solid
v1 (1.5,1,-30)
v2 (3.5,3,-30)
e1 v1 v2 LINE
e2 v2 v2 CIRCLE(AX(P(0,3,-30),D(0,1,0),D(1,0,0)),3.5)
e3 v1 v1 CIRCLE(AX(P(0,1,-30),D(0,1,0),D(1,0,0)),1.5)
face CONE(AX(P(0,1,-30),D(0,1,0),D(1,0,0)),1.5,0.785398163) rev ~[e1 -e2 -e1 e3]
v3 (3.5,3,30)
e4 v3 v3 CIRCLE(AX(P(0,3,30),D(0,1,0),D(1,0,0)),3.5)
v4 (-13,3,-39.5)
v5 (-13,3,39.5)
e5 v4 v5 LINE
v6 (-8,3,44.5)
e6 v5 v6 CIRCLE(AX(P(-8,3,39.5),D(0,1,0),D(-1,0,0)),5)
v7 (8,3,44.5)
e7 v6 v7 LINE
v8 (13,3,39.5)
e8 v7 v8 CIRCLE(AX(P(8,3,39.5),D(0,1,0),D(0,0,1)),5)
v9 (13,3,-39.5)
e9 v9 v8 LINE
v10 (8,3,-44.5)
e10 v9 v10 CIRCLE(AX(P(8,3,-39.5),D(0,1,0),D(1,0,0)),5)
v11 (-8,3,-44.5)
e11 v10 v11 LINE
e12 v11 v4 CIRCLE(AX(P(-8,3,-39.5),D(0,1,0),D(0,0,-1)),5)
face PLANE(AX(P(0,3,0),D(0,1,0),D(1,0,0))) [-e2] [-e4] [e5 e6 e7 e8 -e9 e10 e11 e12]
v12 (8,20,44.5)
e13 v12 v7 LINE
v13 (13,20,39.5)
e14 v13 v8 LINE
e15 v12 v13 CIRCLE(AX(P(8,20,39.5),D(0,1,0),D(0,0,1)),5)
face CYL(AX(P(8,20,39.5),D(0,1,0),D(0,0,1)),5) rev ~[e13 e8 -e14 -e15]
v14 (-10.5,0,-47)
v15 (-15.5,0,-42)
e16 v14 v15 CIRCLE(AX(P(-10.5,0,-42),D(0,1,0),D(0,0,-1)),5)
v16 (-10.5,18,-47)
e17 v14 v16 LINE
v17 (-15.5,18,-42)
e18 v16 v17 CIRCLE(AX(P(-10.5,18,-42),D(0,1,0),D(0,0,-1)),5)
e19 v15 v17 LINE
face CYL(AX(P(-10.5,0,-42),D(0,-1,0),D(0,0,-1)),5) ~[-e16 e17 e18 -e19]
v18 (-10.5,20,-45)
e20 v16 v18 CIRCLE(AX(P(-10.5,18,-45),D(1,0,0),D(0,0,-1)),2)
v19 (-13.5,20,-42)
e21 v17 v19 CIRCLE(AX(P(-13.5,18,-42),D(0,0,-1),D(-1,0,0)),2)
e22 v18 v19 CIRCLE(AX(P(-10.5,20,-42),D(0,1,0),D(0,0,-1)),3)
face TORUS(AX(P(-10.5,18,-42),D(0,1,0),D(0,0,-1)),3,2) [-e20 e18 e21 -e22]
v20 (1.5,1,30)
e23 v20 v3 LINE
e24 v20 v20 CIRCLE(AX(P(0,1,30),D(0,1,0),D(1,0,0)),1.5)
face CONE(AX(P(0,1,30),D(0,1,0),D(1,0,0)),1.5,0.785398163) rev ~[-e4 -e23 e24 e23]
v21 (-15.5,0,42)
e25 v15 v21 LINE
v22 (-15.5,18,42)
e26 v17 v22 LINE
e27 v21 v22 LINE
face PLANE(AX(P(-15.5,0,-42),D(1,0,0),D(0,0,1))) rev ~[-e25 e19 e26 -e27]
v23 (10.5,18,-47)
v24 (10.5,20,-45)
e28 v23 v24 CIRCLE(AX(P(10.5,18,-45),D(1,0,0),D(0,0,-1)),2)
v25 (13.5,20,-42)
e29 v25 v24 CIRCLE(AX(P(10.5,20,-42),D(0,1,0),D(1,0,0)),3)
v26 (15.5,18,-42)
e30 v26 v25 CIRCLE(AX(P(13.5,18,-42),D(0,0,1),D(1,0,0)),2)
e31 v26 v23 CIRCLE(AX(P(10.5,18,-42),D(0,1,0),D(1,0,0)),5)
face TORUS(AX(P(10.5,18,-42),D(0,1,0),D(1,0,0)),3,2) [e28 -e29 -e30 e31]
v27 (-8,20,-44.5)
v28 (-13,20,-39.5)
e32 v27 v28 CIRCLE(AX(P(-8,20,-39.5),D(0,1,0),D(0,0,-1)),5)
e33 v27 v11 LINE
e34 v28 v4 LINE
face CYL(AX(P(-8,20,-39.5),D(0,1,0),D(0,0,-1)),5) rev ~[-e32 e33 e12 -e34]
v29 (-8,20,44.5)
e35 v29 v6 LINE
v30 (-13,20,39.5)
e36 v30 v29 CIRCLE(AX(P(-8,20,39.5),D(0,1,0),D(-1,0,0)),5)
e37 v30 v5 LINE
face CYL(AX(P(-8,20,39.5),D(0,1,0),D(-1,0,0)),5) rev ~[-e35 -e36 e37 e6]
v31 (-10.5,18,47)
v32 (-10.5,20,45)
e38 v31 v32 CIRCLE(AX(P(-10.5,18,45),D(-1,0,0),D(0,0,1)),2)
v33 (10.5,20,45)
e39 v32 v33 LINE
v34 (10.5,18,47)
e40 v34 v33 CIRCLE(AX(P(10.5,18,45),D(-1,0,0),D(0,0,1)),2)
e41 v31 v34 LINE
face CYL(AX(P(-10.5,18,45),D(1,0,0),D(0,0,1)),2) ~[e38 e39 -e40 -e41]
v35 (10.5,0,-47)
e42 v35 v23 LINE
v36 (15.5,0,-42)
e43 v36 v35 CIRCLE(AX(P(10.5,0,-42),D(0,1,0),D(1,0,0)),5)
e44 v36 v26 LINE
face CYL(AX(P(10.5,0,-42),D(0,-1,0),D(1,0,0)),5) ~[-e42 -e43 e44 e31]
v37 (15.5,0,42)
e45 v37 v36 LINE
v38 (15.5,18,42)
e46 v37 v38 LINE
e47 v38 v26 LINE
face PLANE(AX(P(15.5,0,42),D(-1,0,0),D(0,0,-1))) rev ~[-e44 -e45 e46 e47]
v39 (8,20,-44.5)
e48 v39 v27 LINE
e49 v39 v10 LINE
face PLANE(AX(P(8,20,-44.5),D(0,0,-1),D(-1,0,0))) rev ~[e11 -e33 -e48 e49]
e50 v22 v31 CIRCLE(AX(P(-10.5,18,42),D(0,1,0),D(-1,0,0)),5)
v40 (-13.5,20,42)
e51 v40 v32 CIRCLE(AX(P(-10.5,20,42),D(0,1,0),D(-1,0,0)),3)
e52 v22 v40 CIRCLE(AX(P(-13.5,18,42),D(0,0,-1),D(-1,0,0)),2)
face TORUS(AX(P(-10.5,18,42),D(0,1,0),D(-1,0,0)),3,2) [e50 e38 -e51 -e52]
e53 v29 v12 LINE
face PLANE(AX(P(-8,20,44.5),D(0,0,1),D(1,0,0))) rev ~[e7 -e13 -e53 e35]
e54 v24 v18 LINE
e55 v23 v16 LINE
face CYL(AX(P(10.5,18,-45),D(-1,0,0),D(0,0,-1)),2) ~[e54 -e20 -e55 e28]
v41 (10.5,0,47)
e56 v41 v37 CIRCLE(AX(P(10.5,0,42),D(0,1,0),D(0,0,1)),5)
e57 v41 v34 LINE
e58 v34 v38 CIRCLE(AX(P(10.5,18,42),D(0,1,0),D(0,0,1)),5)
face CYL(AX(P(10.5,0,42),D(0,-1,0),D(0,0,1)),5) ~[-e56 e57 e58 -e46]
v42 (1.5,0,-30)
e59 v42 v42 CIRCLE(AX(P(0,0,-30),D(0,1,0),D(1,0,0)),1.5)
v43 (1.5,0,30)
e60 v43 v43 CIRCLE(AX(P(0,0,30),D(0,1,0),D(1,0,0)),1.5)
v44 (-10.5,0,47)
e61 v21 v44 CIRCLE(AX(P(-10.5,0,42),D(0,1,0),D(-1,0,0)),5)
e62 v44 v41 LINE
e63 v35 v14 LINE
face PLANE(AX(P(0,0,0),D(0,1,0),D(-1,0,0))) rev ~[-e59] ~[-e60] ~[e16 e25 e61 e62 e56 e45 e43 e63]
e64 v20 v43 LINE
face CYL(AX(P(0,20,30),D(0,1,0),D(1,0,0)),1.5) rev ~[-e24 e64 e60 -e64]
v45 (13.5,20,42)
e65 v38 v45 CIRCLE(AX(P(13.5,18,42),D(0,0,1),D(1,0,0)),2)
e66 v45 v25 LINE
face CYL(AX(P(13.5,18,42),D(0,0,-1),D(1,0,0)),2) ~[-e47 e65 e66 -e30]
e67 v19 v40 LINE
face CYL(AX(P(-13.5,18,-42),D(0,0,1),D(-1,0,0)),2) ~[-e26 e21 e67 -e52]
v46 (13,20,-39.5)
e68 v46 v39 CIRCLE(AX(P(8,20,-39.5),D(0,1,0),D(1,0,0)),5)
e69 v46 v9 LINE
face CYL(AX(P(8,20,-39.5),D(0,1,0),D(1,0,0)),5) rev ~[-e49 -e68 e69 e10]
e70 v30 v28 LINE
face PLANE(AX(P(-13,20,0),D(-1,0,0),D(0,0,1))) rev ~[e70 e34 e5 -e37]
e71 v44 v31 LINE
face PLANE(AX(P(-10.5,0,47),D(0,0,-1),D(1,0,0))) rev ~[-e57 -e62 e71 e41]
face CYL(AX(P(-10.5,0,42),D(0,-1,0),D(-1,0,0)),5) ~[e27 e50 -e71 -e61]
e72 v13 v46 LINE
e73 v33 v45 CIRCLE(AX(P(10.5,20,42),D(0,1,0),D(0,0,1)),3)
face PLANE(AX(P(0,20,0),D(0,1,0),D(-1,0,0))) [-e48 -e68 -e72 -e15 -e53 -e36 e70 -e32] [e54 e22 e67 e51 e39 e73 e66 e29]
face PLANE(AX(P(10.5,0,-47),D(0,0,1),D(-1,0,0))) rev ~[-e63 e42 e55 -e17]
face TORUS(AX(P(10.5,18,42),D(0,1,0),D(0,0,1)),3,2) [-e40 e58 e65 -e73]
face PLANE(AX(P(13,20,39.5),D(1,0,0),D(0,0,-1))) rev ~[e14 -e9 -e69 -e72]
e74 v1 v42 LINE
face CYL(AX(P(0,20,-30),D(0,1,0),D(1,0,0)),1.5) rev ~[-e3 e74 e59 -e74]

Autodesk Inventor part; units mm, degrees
ref_plane "YZ Plane" through (0, 0, 0) normal (1, 0, 0) x (0, 1, 0)
ref_plane "XZ Plane" through (0, 0, 0) normal (0, 1, 0) x (-1, 0, 0)
ref_plane "XY Plane" through (0, 0, 0) normal (0, 0, 1) x (1, 0, 0)
sketch "Esquisse1" plane through (0, 0, 0) normal (0, 1, 0) x (-1, 0, 0)
  line L0 (10.5, 47) -> (-10.5, 47)
  line L1 (-15.5, 42) -> (-15.5, -42)
  line L2 (-10.5, -47) -> (10.5, -47)
  line L3 (15.5, -42) -> (15.5, 42)
  line L4 (15.5, 47) -> (-15.5, -47) construction
  line L5 (-15.5, 47) -> (15.5, -47) construction
  arc A0 (15.5, 42) -> (10.5, 47) centre (10.5, 42) ccw
  arc A1 (-10.5, 47) -> (-15.5, 42) centre (-10.5, 42) ccw
  arc A2 (-15.5, -42) -> (-10.5, -47) centre (-10.5, -42) ccw
  arc A3 (10.5, -47) -> (15.5, -42) centre (10.5, -42) ccw
  point P0 (0, 0)
  dimension "d0" = 31
  dimension "d1" = 94
  dimension "d2" = 5
sketch "Esquisse2" plane through (0, 0, 0) normal (0, 1, 0) x (-1, 0, 0)
  point P0 (0, 0)
extrude "Extrusion1" add sketch "Esquisse1" along normal blind 20
sketch "Esquisse3" plane through (0, 20, 0) normal (0, 1, 0) x (1, 0, 0)
  line L0 (-8, -44.5) -> (8, -44.5)
  line L1 (13, -39.5) -> (13, 39.5)
  line L2 (8, 44.5) -> (-8, 44.5)
  line L3 (-13, 39.5) -> (-13, -39.5)
  line L4 (-13, -44.5) -> (13, 44.5) construction
  line L5 (13, -44.5) -> (-13, 44.5) construction
  arc A0 (-13, -39.5) -> (-8, -44.5) centre (-8, -39.5) ccw
  arc A1 (-8, 44.5) -> (-13, 39.5) centre (-8, 39.5) ccw
  arc A2 (13, 39.5) -> (8, 44.5) centre (8, 39.5) ccw
  arc A3 (8, -44.5) -> (13, -39.5) centre (8, -39.5) ccw
  circle A4 centre (0, 30) radius 1.5
  line L6 (-13, 0) -> (13, 0)
  circle A5 centre (0, -30) radius 1.5
  point P0 (0, 0)
  dimension "d5" = 26
  dimension "d6" = 89
  dimension "d7" = 5
  dimension "d10" = 3
  dimension "d11" = 30
extrude "Extrusion2" cut sketch "Esquisse3" against normal blind 17 contours A0 L3 L6 L1 A3 L0 | L3 A1 L2 A2 L1 L6 | A4 | A5
extrude "Extrusion3" cut sketch "Esquisse3" against normal blind 20 contours A4 | A5
chamfer "Chanfrein1" distance 2 angle 45 2 edges at (-1.5, 3, -30) (-1.5, 3, 30)
fillet "Congé1" radius 2 8 edges at (-15.5, 20, 0) (-14.0355, 20, 45.5355) (0, 20, 47) (14.0355, 20, 45.5355) (15.5, 20, 0) (14.0355, 20, -45.5355) (0, 20, -47) (-14.0355, 20, -45.5355)
properties part number "Support"
